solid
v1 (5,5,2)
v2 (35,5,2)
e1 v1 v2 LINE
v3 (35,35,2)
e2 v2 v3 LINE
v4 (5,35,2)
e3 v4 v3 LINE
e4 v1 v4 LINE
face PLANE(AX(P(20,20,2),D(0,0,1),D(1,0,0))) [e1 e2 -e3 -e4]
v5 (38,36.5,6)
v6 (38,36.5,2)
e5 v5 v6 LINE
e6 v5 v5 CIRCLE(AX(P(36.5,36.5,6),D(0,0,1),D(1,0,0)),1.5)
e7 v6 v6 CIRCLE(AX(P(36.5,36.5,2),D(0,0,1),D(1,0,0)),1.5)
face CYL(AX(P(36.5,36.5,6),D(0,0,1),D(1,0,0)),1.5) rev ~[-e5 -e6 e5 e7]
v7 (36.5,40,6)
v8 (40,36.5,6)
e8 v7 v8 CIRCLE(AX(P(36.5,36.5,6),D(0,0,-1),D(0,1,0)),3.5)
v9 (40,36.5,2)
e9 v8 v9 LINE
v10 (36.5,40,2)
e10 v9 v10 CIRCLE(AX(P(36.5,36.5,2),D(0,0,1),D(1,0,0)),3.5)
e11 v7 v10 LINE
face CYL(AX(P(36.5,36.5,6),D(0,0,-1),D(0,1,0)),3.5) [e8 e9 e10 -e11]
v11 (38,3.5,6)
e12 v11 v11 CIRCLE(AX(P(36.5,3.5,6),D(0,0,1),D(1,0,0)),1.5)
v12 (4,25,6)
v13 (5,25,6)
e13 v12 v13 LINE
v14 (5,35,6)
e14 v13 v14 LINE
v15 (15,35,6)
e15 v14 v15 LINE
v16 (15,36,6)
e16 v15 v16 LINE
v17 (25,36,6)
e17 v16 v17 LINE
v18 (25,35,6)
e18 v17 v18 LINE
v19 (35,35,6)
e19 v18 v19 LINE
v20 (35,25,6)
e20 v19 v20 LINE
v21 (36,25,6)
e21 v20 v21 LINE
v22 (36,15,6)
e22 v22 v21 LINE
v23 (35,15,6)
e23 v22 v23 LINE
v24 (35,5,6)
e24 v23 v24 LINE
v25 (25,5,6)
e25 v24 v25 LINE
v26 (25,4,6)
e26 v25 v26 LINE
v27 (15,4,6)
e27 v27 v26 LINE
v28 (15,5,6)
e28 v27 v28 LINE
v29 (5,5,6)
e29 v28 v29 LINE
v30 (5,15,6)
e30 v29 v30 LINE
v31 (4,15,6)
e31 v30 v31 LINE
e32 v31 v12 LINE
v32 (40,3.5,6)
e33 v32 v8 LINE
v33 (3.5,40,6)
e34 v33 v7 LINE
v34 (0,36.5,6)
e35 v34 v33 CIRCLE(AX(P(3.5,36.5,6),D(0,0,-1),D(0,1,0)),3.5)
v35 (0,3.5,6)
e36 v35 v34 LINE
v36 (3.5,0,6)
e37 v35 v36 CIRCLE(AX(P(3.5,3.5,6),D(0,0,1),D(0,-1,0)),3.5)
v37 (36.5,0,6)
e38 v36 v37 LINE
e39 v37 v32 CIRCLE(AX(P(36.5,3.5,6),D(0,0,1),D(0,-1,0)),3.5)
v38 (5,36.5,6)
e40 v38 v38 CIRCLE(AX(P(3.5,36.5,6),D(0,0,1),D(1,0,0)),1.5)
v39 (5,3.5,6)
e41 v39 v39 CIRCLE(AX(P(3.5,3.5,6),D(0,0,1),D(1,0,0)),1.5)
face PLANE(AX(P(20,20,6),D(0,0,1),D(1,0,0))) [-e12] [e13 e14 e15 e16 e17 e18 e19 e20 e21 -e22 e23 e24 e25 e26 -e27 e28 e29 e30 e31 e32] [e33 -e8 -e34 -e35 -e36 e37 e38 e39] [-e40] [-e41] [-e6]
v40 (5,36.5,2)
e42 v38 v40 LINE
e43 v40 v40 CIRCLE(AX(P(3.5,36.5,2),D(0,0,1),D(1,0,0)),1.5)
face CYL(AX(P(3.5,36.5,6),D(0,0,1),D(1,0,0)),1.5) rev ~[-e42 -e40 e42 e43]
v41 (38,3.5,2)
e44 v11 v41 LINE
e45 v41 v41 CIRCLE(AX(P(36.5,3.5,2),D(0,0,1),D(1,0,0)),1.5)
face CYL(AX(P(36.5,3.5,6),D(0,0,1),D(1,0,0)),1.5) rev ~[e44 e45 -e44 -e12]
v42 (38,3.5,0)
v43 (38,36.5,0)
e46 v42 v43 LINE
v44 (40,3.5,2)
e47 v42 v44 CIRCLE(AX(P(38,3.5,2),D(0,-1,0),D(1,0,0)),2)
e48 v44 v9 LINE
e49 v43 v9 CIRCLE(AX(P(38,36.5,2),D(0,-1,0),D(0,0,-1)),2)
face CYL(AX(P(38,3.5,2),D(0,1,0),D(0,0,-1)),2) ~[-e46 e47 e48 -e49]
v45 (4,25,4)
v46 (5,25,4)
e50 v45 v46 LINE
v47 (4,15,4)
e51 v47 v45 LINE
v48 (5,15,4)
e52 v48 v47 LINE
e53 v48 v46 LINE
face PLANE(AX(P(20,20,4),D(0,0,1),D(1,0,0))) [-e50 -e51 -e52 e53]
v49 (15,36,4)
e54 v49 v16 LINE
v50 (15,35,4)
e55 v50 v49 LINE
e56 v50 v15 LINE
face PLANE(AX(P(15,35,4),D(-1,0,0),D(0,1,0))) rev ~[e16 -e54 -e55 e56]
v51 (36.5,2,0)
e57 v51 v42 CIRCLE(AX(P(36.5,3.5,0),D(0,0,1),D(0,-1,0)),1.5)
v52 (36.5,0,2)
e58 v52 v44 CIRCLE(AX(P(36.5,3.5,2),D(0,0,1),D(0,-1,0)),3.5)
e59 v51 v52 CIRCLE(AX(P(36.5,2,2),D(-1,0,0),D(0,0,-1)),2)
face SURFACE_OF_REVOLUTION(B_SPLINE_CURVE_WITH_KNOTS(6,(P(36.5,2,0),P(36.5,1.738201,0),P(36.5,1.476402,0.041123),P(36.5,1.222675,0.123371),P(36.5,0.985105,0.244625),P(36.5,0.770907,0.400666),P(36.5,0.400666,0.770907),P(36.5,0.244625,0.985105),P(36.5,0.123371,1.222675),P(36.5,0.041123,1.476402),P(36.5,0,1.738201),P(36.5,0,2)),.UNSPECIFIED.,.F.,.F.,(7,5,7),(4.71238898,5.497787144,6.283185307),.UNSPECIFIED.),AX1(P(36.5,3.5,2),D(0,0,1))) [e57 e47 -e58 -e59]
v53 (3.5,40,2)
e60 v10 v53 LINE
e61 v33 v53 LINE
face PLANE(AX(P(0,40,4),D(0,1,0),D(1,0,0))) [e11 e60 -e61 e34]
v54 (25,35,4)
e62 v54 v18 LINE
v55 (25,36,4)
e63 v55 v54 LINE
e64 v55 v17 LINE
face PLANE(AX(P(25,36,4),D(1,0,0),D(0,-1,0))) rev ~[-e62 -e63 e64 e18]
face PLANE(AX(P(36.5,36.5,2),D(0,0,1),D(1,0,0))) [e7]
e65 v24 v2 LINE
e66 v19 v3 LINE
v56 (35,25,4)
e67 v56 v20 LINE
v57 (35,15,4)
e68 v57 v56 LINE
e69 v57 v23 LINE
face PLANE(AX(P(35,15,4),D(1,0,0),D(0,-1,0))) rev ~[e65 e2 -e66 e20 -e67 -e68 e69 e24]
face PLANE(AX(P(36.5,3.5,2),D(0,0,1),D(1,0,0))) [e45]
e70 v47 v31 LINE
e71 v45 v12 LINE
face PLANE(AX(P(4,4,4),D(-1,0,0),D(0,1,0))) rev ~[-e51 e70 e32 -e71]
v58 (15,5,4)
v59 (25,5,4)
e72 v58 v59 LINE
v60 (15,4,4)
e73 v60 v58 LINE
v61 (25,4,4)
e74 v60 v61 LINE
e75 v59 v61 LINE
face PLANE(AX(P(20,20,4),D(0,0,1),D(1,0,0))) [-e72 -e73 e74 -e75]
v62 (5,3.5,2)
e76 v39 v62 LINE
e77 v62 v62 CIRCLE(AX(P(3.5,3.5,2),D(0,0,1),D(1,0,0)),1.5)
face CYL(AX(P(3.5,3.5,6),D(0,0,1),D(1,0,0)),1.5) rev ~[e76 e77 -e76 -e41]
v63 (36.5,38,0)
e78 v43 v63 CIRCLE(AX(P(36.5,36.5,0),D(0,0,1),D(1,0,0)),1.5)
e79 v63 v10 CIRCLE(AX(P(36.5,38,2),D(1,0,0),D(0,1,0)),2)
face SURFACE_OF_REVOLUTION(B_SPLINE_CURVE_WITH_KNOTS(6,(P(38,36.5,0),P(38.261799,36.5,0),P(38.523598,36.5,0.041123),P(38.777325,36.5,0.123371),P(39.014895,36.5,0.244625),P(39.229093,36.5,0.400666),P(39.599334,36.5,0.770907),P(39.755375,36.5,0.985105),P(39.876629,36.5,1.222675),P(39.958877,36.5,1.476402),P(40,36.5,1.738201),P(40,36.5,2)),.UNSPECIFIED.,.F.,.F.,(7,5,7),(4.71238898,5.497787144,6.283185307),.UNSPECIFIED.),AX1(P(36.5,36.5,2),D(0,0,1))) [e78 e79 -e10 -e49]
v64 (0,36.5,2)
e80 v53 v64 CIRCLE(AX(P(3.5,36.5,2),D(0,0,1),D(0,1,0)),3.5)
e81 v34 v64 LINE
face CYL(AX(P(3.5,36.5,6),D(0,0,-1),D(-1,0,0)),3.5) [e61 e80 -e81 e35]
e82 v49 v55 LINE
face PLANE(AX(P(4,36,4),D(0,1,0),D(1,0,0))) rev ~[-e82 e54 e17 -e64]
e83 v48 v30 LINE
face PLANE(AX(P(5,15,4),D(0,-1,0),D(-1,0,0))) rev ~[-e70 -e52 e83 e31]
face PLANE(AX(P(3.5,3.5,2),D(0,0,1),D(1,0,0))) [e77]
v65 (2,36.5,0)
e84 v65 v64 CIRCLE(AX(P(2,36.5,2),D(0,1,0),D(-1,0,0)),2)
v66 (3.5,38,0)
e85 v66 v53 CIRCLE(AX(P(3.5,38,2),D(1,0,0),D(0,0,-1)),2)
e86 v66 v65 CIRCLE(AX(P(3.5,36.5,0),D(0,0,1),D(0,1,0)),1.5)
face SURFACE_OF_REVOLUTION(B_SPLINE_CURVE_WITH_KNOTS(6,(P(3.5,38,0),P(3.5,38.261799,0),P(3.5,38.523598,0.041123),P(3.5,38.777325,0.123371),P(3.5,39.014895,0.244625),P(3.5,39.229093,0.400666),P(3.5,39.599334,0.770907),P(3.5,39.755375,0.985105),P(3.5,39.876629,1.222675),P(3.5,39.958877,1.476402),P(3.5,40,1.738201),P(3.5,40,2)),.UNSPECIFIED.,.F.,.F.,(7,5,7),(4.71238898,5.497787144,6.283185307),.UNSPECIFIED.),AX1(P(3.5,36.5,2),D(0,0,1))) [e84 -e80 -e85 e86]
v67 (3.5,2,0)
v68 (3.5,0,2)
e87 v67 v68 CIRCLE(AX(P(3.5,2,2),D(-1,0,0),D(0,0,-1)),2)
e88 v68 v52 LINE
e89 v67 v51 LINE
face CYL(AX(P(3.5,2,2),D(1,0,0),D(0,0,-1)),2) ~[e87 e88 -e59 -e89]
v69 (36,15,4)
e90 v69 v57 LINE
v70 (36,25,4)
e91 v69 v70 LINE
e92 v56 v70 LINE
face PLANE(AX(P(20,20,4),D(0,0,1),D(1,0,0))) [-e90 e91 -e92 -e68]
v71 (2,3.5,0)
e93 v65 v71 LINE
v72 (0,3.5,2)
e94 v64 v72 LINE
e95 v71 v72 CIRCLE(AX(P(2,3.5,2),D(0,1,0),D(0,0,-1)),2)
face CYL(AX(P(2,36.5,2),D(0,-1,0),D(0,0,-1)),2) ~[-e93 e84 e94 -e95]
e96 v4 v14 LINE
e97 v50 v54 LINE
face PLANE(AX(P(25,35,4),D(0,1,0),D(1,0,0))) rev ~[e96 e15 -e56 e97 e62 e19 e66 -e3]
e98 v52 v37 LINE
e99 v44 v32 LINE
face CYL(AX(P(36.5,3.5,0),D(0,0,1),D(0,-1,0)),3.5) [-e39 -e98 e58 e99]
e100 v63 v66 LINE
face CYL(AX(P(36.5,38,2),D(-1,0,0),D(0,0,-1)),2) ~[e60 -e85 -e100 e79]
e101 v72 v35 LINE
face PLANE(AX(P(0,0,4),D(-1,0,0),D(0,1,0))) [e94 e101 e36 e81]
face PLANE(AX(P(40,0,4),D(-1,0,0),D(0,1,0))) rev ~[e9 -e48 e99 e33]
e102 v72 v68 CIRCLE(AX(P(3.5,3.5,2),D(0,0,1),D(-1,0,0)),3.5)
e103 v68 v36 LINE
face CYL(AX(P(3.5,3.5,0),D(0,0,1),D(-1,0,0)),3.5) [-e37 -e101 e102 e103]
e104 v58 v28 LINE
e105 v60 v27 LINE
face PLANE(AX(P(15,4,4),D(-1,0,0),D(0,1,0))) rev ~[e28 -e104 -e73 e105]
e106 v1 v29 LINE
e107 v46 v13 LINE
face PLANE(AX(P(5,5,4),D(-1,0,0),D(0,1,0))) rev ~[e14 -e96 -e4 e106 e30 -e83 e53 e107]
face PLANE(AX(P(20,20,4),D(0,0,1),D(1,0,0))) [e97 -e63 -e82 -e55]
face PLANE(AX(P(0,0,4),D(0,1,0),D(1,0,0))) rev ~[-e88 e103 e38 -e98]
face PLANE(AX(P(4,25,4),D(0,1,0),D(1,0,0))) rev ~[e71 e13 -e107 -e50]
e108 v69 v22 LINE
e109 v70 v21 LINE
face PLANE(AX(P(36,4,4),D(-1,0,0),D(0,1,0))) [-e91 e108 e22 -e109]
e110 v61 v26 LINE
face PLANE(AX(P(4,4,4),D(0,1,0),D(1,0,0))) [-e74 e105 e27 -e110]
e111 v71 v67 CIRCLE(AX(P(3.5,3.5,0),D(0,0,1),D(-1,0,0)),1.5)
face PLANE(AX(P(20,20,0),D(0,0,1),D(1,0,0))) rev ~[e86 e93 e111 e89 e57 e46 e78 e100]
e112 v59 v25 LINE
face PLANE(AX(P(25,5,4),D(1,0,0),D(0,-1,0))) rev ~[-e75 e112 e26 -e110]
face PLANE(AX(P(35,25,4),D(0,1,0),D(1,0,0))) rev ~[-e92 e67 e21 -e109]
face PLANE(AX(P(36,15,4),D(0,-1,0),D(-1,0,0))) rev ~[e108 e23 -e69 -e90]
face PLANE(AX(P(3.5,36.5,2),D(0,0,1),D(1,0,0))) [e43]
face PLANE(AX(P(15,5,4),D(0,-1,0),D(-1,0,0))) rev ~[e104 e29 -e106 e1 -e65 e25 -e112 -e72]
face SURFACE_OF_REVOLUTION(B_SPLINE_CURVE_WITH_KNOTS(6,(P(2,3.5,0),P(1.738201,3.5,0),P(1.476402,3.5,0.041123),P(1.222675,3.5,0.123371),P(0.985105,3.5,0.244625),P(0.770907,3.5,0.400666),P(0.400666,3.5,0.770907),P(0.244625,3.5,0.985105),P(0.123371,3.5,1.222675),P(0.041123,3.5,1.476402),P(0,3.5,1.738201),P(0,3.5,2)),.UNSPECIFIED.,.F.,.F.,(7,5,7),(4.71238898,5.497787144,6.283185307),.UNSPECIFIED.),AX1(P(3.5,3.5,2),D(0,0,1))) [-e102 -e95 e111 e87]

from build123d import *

# Parameters (mm, degrees)
SKETCH1_W           = 40
SKETCH1_H           = 40
BOSS_EXTRUDE1_DEPTH = 2
SKETCH2_W           = 40
SKETCH2_H           = 40
SKETCH2_W_2         = 30
SKETCH2_H_2         = 30
BOSS_EXTRUDE2_DEPTH = 2
SKETCH3_W           = 40
SKETCH3_H           = 40
SKETCH3_W_2         = 32
SKETCH3_H_2         = 32
BOSS_EXTRUDE3_DEPTH = 2
SKETCH4_R           = 1.5
CUT_EXTRUDE1_DEPTH  = 4
FILLET1_R           = 3.5
FILLET2_R           = 2


with BuildPart() as part:
    # Sketch1 → Boss-Extrude1 (new body)
    with BuildSketch(Plane.XY):
        with Locations((20, 20)):
            Rectangle(SKETCH1_W, SKETCH1_H)
    extrude(amount=BOSS_EXTRUDE1_DEPTH)

    # Sketch2 → Boss-Extrude2 (add)
    with BuildSketch(Plane.XY.offset(2)):
        with Locations((20, 20)):
            Rectangle(SKETCH2_W, SKETCH2_H)
        with Locations((20, 20)):
            Rectangle(SKETCH2_W_2, SKETCH2_H_2, mode=Mode.SUBTRACT)
    extrude(amount=BOSS_EXTRUDE2_DEPTH)

    # Sketch3 → Boss-Extrude3 (add)
    # profile 1 of 5: a face of its own
    with BuildSketch(Plane.XY.offset(4)):
        with Locations((20, 20)):
            Rectangle(SKETCH3_W, SKETCH3_H)
        with Locations((20, 20)):
            Rectangle(SKETCH3_W_2, SKETCH3_H_2, mode=Mode.SUBTRACT)
    # profile 2 of 5: a face of its own
    with BuildSketch(Plane.XY.offset(4)):
        Polygon((15, 36), (4, 36), (4, 25), (5, 25), (5, 35), (15, 35), align=None)
    # profile 3 of 5: a face of its own
    with BuildSketch(Plane.XY.offset(4)):
        Polygon((36, 36), (25, 36), (25, 35), (35, 35), (35, 25), (36, 25), align=None)
    # profile 4 of 5: a face of its own
    with BuildSketch(Plane.XY.offset(4)):
        Polygon((36, 4), (36, 15), (35, 15), (35, 5), (25, 5), (25, 4), align=None)
    # profile 5 of 5: a face of its own
    with BuildSketch(Plane.XY.offset(4)):
        Polygon((5, 15), (4, 15), (4, 4), (15, 4), (15, 5), (5, 5), align=None)
    extrude(amount=BOSS_EXTRUDE3_DEPTH)

    # Sketch4 → Cut-Extrude1 (cut)
    with BuildSketch(Plane.XY.offset(6)):
        with Locations((3.5, 36.5)):
            Circle(SKETCH4_R)
        with Locations((36.5, 36.5)):
            Circle(SKETCH4_R)
        with Locations((36.5, 3.5)):
            Circle(SKETCH4_R)
        with Locations((3.5, 3.5)):
            Circle(SKETCH4_R)
    extrude(amount=-CUT_EXTRUDE1_DEPTH, mode=Mode.SUBTRACT)

    # Fillet1
    fillet1_edges = [part.edges().sort_by_distance(p)[0] for p in [
        (0, 40, 3),
        (40, 40, 3),
        (40, 0, 3),
        (0, 0, 3),
    ]]
    fillet(fillet1_edges, radius=FILLET1_R)

    # Fillet2
    fillet2_edges = [part.edges().sort_by_distance(p)[0] for p in [
        (20, 0, 0),
        (0, 20, 0),
        (20, 40, 0),
        (40, 20, 0),
        (1.025126266, 38.974873734, 0),
        (38.974873734, 38.974873734, 0),
        (38.974873734, 1.025126266, 0),
        (1.025126266, 1.025126266, 0),
    ]]
    fillet(fillet2_edges, radius=FILLET2_R)


solid = part.part
